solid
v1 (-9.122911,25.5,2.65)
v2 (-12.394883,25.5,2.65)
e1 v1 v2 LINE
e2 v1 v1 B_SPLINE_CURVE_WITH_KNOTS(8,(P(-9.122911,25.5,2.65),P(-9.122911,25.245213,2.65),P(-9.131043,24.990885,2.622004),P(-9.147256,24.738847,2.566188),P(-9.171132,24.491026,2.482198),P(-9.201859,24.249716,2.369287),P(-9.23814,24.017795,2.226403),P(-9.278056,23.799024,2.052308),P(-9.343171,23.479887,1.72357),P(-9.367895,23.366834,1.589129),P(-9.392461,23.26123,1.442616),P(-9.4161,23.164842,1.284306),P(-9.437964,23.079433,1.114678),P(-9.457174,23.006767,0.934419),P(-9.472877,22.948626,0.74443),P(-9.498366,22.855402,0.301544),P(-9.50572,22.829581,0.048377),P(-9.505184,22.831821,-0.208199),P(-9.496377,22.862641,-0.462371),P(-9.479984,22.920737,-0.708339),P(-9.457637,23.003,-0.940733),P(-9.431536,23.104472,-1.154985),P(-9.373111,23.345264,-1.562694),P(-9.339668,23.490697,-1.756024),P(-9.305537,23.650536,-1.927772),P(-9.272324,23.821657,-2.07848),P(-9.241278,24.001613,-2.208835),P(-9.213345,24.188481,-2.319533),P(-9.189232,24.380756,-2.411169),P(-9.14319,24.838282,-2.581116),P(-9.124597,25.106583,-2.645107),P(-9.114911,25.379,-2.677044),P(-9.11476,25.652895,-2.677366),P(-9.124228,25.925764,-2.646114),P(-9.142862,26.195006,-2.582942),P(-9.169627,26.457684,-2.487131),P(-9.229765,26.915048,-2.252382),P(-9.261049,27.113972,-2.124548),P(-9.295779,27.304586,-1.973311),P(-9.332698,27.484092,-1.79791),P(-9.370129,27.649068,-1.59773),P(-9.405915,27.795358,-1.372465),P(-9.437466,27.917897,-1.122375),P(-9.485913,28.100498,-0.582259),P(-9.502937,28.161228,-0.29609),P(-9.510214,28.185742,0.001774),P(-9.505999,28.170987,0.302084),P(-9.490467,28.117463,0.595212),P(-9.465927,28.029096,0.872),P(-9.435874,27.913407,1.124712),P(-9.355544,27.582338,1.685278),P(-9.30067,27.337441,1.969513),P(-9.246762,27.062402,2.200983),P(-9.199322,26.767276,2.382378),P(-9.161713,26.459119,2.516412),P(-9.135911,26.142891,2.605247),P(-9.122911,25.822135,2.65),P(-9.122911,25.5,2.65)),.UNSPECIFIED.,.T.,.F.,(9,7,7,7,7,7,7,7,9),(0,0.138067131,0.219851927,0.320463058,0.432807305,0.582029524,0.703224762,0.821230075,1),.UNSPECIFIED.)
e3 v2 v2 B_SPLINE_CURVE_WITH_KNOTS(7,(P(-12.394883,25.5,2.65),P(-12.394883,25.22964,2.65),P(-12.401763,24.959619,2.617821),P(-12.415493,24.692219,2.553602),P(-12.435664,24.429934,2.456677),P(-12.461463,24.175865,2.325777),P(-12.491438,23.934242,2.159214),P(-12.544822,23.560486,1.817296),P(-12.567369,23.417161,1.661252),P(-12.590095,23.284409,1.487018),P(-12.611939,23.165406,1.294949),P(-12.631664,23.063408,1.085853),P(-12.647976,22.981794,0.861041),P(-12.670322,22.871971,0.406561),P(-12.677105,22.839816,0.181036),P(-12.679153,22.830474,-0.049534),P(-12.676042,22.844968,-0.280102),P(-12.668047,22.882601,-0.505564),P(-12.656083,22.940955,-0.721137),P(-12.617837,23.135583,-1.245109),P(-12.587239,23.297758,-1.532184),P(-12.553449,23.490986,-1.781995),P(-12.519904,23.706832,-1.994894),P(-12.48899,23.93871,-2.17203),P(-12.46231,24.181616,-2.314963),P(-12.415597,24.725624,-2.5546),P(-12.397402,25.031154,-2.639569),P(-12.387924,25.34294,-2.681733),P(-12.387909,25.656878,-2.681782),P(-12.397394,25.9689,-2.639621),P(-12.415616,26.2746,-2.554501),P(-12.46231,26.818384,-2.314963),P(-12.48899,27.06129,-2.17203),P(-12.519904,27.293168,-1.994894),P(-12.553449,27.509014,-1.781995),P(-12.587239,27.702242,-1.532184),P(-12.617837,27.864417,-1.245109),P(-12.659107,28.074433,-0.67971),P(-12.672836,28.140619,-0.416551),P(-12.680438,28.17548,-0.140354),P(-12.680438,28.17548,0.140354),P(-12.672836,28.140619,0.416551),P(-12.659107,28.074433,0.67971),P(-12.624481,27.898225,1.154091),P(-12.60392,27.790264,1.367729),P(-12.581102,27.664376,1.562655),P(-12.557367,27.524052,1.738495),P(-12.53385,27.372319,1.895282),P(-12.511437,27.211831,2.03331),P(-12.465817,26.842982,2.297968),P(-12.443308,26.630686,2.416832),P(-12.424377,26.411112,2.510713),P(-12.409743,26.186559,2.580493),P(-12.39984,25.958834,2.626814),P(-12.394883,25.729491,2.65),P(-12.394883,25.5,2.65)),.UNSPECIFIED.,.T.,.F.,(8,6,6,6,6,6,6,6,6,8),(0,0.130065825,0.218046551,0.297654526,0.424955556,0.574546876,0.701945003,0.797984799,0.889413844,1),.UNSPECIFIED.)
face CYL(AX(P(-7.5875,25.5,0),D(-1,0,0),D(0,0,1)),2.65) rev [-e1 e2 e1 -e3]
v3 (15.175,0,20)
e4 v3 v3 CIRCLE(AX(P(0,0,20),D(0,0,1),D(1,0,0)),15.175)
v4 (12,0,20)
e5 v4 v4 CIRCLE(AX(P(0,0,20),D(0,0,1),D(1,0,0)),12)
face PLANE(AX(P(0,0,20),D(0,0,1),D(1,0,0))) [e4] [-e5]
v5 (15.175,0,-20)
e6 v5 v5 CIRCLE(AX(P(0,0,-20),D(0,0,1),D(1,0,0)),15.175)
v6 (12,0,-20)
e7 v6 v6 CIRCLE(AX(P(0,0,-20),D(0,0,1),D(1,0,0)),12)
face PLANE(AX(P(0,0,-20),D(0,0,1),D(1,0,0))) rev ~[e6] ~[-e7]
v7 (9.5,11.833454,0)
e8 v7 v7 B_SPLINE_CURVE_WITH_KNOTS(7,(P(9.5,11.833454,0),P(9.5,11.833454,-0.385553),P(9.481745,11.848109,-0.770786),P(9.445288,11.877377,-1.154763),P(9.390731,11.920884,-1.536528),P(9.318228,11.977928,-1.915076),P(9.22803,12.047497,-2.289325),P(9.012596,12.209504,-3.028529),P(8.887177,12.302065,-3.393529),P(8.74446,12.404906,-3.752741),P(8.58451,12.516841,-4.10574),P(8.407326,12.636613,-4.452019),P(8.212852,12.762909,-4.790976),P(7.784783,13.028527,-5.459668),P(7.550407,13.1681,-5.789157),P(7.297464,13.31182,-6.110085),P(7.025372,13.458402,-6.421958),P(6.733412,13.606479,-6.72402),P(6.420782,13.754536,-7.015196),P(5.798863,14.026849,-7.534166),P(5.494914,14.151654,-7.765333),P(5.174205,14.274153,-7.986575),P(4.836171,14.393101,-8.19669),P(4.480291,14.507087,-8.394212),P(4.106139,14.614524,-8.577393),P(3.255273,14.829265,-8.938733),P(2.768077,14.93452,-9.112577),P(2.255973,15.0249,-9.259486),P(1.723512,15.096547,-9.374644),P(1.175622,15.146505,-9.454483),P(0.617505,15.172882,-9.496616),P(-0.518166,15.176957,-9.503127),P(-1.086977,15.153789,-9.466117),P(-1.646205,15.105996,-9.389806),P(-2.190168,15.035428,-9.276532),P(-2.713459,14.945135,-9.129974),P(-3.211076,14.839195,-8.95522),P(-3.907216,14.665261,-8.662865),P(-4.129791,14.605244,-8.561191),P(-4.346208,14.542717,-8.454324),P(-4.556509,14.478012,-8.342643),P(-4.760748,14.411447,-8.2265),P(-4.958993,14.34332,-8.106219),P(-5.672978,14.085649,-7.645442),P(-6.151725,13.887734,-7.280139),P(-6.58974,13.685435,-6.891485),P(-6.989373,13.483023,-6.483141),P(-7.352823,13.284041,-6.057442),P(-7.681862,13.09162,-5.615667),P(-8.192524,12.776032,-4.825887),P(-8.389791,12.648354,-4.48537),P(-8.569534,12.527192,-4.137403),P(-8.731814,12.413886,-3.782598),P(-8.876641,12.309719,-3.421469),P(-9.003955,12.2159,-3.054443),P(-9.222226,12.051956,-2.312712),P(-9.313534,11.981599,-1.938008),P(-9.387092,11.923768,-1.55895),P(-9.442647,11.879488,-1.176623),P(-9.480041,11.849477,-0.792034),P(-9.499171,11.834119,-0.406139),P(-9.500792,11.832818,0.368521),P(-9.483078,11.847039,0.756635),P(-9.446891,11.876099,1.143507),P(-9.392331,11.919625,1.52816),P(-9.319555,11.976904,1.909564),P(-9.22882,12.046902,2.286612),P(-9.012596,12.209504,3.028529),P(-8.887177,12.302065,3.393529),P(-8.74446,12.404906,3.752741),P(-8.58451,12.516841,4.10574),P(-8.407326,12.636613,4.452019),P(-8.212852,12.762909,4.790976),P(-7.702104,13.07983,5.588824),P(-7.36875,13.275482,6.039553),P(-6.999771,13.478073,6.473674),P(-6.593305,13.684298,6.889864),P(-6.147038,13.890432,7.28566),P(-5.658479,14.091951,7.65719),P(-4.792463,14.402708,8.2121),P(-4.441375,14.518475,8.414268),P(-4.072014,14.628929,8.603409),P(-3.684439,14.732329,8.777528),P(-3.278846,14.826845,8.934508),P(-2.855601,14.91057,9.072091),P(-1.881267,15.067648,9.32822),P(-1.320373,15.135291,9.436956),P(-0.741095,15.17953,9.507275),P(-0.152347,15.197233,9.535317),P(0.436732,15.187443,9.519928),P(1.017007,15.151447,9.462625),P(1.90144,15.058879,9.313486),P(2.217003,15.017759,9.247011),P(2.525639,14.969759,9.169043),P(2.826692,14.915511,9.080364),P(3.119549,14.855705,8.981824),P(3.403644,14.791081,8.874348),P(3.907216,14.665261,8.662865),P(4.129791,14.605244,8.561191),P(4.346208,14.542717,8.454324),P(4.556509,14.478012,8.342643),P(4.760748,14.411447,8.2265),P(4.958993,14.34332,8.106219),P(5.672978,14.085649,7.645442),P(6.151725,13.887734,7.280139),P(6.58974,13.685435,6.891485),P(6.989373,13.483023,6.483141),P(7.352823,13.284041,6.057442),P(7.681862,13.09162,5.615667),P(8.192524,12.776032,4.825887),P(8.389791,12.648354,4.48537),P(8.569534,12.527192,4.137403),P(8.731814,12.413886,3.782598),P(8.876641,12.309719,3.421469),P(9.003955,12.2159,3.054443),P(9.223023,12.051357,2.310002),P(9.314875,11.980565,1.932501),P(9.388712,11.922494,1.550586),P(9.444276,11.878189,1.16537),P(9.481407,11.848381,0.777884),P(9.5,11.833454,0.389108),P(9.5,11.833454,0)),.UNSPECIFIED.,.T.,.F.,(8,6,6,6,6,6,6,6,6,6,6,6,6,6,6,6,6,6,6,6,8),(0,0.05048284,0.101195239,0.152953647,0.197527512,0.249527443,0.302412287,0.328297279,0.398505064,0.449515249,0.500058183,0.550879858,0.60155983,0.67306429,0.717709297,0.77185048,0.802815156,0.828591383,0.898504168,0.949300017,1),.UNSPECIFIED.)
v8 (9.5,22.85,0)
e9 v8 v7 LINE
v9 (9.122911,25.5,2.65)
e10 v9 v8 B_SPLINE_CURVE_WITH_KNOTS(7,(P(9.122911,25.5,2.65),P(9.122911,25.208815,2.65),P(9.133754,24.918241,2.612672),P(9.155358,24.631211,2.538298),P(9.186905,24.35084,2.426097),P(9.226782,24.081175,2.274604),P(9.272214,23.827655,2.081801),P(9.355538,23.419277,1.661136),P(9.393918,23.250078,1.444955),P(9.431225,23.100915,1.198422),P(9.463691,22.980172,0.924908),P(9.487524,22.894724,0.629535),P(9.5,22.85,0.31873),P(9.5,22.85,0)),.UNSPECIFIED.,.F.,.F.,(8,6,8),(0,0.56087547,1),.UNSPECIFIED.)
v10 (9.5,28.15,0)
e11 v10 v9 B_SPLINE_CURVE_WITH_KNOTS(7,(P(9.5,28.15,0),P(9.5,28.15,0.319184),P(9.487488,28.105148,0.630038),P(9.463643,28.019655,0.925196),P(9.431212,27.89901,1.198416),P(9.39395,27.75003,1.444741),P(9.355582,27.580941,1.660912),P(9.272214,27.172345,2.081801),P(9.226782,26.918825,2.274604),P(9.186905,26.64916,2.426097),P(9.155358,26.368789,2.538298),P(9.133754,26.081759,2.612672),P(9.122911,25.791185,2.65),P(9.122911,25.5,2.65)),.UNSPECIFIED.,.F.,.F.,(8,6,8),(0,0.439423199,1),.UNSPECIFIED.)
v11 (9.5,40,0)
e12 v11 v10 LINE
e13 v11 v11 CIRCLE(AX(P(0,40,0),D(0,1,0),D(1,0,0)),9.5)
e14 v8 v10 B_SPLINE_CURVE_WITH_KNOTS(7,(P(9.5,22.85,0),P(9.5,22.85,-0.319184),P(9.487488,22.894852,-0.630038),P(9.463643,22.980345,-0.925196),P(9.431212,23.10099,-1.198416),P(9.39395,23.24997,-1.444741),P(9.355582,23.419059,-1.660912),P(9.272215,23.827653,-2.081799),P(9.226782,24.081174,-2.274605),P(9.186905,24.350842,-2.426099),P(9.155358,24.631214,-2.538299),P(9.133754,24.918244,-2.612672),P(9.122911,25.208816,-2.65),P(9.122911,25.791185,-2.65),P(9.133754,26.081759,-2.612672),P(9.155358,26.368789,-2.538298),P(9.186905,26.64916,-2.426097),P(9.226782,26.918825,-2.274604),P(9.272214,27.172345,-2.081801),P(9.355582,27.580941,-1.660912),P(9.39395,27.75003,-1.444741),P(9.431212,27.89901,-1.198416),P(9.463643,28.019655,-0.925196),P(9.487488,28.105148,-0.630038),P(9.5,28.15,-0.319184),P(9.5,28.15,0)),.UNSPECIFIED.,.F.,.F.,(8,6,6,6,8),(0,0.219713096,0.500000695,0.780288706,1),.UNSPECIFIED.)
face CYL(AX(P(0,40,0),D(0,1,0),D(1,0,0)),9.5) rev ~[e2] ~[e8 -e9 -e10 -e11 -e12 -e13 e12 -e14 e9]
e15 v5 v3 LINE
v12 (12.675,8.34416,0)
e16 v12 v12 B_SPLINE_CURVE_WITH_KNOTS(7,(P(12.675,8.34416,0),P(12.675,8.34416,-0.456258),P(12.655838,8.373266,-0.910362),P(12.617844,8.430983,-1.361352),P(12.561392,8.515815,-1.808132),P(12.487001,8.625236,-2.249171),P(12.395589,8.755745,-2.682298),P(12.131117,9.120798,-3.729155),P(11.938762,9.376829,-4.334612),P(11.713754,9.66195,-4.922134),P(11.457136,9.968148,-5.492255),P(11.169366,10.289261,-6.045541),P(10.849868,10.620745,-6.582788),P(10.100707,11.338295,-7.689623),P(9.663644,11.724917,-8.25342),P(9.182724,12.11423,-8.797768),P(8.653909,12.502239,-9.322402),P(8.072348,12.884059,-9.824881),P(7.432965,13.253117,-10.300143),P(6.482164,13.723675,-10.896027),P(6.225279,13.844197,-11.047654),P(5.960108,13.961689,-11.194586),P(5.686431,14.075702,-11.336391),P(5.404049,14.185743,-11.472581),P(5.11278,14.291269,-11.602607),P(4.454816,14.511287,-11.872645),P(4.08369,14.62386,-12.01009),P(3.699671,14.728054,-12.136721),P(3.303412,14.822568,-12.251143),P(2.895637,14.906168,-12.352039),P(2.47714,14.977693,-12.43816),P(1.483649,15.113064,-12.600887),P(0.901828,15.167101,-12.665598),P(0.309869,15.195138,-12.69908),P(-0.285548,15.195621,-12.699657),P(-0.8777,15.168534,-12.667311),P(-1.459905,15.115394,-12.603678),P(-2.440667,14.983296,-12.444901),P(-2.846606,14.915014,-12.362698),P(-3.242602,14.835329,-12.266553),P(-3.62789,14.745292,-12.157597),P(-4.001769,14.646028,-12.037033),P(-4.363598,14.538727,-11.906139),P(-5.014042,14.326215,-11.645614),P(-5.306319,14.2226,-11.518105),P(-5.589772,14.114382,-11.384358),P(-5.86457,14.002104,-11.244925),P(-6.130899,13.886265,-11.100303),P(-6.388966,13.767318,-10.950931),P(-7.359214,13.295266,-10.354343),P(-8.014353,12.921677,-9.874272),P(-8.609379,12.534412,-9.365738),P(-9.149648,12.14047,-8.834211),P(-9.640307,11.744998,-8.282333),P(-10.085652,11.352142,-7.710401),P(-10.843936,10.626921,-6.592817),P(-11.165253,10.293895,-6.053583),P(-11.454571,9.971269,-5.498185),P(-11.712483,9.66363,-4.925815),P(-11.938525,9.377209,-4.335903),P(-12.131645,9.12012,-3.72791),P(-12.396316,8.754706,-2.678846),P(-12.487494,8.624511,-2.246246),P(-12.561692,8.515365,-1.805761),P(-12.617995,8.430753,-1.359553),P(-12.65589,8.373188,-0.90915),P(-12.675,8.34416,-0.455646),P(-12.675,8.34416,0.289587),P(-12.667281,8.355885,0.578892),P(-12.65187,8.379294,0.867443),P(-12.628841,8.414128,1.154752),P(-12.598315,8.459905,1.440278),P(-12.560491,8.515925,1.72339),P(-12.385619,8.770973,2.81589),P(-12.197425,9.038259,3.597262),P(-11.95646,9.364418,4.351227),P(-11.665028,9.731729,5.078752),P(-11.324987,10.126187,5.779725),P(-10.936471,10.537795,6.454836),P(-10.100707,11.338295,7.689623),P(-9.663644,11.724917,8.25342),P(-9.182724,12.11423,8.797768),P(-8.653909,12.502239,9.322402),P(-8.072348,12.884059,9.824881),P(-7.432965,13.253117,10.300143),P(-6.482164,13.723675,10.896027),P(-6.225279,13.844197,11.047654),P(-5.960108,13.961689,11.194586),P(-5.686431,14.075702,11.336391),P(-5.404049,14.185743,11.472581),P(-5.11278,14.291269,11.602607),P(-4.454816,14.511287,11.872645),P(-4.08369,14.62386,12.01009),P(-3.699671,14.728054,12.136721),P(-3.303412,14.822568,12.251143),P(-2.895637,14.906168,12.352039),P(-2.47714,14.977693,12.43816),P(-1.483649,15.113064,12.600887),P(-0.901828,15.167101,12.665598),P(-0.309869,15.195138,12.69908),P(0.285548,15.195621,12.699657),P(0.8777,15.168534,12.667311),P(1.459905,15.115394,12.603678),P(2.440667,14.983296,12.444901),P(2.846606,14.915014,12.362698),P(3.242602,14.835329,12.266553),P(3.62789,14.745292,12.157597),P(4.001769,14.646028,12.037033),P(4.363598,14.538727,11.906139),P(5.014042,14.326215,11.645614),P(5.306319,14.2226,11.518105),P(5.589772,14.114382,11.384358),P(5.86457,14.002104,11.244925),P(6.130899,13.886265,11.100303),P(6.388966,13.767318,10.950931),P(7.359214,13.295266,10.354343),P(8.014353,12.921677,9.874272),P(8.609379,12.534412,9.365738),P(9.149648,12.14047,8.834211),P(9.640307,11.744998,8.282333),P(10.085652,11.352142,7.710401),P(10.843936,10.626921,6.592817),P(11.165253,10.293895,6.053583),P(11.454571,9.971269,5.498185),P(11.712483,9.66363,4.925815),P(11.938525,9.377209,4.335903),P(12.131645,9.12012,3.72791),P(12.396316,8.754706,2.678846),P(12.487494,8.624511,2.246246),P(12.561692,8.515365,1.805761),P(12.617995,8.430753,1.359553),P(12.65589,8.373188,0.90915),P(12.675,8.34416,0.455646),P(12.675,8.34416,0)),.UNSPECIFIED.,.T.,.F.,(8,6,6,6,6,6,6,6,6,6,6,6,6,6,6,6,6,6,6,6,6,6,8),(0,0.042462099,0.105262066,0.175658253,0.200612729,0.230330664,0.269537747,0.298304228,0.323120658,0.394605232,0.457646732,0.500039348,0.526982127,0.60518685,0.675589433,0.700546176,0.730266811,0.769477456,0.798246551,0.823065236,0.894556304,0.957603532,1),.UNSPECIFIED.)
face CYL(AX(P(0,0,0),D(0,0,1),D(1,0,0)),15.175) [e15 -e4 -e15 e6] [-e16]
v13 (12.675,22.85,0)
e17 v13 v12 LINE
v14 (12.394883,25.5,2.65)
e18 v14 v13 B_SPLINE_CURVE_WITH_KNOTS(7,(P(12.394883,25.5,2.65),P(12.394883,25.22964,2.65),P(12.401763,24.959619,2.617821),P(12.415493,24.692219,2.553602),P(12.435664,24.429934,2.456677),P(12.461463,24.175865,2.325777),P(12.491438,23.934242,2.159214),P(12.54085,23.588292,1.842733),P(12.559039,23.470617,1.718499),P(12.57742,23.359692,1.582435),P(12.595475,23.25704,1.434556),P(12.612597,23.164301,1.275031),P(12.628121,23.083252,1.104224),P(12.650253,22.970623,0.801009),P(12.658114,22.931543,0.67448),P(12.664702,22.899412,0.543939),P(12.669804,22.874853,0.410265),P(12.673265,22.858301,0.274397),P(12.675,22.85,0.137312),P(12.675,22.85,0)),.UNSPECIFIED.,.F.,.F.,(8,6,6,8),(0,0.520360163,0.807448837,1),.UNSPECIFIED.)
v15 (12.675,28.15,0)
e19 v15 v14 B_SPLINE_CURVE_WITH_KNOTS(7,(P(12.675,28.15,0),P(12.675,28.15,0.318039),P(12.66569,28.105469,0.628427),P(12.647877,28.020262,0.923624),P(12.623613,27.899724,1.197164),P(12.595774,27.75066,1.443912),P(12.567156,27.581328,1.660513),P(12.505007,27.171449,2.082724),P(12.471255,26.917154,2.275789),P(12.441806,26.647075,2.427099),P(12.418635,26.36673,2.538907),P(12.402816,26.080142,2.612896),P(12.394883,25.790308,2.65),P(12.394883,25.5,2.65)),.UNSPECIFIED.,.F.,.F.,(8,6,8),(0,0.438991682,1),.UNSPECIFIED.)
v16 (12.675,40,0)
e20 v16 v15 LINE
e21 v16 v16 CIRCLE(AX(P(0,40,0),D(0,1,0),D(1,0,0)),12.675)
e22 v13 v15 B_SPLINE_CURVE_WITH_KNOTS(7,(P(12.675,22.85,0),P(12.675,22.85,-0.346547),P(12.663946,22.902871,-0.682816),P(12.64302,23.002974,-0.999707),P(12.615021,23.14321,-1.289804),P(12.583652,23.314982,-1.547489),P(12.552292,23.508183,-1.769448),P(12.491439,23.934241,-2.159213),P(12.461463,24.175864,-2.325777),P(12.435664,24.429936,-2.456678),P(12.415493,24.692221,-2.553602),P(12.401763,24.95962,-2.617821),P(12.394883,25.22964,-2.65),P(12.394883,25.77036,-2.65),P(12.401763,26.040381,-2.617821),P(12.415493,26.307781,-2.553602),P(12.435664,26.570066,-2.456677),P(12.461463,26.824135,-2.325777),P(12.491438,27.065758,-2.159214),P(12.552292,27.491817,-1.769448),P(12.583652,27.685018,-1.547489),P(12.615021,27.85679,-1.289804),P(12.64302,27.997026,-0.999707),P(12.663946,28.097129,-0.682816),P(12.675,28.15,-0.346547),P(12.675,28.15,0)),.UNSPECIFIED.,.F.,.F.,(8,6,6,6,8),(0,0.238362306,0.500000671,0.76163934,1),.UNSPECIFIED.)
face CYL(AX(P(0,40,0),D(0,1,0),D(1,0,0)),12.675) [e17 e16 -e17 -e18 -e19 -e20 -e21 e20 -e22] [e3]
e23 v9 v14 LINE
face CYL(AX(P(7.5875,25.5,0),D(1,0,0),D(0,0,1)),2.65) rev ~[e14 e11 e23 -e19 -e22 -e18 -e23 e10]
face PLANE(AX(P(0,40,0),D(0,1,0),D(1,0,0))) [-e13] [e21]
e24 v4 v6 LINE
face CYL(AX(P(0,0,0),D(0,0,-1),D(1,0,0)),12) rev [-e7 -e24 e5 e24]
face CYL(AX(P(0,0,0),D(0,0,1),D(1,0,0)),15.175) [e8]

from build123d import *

# Parameters (mm, degrees)
SKETCH1_R           = 15.175
SKETCH1_R_2         = 12
BOSS_EXTRUDE1_DEPTH = 20
BOSS_EXTRUDE2_REACH = 57.175
SKETCH2_R           = 12.675
SKETCH2_R_2         = 9.5
SKETCH5_W           = 2.65
SKETCH5_H           = 15.175


with BuildPart() as part:
    # Sketch1 → Boss-Extrude1 (new body, symmetric)
    with BuildSketch(Plane.XY):
        Circle(SKETCH1_R)
        Circle(SKETCH1_R_2, mode=Mode.SUBTRACT)
    extrude(amount=BOSS_EXTRUDE1_DEPTH, both=True)

    # Sketch2 → Boss-Extrude2 (add, up to next)
    with BuildSketch(Plane(origin=(0, 40, 0), x_dir=(1, 0, 0), z_dir=(0, 1, 0)), mode=Mode.PRIVATE) as boss_extrude2_sk1:
        Circle(SKETCH2_R)
        Circle(SKETCH2_R_2, mode=Mode.SUBTRACT)
    boss_extrude2_tool1 = extrude(boss_extrude2_sk1.sketch, amount=-BOSS_EXTRUDE2_REACH, mode=Mode.PRIVATE) - part.part
    add(boss_extrude2_tool1.solids().sort_by_distance((-12.316497, 40, 0))[0])

    # Sketch5 → M5 Clearance Hole1 (revolve, cut)
    with BuildSketch(Plane.ZX.offset(25.5)):
        with Locations((1.325, 7.5875)):
            Rectangle(SKETCH5_W, SKETCH5_H)
    m5_clearance_hole1 = revolve(axis=Axis((-6.35, 25.5, 0), (1, 0, 0)), mode=Mode.SUBTRACT)

    # Mirror1: M5 Clearance Hole1 across plane
    add(m5_clearance_hole1.mirror(Plane(origin=(0, 0, 0), x_dir=(0, 0, 1), z_dir=(1, 0, 0))), mode=Mode.SUBTRACT)


solid = part.part
